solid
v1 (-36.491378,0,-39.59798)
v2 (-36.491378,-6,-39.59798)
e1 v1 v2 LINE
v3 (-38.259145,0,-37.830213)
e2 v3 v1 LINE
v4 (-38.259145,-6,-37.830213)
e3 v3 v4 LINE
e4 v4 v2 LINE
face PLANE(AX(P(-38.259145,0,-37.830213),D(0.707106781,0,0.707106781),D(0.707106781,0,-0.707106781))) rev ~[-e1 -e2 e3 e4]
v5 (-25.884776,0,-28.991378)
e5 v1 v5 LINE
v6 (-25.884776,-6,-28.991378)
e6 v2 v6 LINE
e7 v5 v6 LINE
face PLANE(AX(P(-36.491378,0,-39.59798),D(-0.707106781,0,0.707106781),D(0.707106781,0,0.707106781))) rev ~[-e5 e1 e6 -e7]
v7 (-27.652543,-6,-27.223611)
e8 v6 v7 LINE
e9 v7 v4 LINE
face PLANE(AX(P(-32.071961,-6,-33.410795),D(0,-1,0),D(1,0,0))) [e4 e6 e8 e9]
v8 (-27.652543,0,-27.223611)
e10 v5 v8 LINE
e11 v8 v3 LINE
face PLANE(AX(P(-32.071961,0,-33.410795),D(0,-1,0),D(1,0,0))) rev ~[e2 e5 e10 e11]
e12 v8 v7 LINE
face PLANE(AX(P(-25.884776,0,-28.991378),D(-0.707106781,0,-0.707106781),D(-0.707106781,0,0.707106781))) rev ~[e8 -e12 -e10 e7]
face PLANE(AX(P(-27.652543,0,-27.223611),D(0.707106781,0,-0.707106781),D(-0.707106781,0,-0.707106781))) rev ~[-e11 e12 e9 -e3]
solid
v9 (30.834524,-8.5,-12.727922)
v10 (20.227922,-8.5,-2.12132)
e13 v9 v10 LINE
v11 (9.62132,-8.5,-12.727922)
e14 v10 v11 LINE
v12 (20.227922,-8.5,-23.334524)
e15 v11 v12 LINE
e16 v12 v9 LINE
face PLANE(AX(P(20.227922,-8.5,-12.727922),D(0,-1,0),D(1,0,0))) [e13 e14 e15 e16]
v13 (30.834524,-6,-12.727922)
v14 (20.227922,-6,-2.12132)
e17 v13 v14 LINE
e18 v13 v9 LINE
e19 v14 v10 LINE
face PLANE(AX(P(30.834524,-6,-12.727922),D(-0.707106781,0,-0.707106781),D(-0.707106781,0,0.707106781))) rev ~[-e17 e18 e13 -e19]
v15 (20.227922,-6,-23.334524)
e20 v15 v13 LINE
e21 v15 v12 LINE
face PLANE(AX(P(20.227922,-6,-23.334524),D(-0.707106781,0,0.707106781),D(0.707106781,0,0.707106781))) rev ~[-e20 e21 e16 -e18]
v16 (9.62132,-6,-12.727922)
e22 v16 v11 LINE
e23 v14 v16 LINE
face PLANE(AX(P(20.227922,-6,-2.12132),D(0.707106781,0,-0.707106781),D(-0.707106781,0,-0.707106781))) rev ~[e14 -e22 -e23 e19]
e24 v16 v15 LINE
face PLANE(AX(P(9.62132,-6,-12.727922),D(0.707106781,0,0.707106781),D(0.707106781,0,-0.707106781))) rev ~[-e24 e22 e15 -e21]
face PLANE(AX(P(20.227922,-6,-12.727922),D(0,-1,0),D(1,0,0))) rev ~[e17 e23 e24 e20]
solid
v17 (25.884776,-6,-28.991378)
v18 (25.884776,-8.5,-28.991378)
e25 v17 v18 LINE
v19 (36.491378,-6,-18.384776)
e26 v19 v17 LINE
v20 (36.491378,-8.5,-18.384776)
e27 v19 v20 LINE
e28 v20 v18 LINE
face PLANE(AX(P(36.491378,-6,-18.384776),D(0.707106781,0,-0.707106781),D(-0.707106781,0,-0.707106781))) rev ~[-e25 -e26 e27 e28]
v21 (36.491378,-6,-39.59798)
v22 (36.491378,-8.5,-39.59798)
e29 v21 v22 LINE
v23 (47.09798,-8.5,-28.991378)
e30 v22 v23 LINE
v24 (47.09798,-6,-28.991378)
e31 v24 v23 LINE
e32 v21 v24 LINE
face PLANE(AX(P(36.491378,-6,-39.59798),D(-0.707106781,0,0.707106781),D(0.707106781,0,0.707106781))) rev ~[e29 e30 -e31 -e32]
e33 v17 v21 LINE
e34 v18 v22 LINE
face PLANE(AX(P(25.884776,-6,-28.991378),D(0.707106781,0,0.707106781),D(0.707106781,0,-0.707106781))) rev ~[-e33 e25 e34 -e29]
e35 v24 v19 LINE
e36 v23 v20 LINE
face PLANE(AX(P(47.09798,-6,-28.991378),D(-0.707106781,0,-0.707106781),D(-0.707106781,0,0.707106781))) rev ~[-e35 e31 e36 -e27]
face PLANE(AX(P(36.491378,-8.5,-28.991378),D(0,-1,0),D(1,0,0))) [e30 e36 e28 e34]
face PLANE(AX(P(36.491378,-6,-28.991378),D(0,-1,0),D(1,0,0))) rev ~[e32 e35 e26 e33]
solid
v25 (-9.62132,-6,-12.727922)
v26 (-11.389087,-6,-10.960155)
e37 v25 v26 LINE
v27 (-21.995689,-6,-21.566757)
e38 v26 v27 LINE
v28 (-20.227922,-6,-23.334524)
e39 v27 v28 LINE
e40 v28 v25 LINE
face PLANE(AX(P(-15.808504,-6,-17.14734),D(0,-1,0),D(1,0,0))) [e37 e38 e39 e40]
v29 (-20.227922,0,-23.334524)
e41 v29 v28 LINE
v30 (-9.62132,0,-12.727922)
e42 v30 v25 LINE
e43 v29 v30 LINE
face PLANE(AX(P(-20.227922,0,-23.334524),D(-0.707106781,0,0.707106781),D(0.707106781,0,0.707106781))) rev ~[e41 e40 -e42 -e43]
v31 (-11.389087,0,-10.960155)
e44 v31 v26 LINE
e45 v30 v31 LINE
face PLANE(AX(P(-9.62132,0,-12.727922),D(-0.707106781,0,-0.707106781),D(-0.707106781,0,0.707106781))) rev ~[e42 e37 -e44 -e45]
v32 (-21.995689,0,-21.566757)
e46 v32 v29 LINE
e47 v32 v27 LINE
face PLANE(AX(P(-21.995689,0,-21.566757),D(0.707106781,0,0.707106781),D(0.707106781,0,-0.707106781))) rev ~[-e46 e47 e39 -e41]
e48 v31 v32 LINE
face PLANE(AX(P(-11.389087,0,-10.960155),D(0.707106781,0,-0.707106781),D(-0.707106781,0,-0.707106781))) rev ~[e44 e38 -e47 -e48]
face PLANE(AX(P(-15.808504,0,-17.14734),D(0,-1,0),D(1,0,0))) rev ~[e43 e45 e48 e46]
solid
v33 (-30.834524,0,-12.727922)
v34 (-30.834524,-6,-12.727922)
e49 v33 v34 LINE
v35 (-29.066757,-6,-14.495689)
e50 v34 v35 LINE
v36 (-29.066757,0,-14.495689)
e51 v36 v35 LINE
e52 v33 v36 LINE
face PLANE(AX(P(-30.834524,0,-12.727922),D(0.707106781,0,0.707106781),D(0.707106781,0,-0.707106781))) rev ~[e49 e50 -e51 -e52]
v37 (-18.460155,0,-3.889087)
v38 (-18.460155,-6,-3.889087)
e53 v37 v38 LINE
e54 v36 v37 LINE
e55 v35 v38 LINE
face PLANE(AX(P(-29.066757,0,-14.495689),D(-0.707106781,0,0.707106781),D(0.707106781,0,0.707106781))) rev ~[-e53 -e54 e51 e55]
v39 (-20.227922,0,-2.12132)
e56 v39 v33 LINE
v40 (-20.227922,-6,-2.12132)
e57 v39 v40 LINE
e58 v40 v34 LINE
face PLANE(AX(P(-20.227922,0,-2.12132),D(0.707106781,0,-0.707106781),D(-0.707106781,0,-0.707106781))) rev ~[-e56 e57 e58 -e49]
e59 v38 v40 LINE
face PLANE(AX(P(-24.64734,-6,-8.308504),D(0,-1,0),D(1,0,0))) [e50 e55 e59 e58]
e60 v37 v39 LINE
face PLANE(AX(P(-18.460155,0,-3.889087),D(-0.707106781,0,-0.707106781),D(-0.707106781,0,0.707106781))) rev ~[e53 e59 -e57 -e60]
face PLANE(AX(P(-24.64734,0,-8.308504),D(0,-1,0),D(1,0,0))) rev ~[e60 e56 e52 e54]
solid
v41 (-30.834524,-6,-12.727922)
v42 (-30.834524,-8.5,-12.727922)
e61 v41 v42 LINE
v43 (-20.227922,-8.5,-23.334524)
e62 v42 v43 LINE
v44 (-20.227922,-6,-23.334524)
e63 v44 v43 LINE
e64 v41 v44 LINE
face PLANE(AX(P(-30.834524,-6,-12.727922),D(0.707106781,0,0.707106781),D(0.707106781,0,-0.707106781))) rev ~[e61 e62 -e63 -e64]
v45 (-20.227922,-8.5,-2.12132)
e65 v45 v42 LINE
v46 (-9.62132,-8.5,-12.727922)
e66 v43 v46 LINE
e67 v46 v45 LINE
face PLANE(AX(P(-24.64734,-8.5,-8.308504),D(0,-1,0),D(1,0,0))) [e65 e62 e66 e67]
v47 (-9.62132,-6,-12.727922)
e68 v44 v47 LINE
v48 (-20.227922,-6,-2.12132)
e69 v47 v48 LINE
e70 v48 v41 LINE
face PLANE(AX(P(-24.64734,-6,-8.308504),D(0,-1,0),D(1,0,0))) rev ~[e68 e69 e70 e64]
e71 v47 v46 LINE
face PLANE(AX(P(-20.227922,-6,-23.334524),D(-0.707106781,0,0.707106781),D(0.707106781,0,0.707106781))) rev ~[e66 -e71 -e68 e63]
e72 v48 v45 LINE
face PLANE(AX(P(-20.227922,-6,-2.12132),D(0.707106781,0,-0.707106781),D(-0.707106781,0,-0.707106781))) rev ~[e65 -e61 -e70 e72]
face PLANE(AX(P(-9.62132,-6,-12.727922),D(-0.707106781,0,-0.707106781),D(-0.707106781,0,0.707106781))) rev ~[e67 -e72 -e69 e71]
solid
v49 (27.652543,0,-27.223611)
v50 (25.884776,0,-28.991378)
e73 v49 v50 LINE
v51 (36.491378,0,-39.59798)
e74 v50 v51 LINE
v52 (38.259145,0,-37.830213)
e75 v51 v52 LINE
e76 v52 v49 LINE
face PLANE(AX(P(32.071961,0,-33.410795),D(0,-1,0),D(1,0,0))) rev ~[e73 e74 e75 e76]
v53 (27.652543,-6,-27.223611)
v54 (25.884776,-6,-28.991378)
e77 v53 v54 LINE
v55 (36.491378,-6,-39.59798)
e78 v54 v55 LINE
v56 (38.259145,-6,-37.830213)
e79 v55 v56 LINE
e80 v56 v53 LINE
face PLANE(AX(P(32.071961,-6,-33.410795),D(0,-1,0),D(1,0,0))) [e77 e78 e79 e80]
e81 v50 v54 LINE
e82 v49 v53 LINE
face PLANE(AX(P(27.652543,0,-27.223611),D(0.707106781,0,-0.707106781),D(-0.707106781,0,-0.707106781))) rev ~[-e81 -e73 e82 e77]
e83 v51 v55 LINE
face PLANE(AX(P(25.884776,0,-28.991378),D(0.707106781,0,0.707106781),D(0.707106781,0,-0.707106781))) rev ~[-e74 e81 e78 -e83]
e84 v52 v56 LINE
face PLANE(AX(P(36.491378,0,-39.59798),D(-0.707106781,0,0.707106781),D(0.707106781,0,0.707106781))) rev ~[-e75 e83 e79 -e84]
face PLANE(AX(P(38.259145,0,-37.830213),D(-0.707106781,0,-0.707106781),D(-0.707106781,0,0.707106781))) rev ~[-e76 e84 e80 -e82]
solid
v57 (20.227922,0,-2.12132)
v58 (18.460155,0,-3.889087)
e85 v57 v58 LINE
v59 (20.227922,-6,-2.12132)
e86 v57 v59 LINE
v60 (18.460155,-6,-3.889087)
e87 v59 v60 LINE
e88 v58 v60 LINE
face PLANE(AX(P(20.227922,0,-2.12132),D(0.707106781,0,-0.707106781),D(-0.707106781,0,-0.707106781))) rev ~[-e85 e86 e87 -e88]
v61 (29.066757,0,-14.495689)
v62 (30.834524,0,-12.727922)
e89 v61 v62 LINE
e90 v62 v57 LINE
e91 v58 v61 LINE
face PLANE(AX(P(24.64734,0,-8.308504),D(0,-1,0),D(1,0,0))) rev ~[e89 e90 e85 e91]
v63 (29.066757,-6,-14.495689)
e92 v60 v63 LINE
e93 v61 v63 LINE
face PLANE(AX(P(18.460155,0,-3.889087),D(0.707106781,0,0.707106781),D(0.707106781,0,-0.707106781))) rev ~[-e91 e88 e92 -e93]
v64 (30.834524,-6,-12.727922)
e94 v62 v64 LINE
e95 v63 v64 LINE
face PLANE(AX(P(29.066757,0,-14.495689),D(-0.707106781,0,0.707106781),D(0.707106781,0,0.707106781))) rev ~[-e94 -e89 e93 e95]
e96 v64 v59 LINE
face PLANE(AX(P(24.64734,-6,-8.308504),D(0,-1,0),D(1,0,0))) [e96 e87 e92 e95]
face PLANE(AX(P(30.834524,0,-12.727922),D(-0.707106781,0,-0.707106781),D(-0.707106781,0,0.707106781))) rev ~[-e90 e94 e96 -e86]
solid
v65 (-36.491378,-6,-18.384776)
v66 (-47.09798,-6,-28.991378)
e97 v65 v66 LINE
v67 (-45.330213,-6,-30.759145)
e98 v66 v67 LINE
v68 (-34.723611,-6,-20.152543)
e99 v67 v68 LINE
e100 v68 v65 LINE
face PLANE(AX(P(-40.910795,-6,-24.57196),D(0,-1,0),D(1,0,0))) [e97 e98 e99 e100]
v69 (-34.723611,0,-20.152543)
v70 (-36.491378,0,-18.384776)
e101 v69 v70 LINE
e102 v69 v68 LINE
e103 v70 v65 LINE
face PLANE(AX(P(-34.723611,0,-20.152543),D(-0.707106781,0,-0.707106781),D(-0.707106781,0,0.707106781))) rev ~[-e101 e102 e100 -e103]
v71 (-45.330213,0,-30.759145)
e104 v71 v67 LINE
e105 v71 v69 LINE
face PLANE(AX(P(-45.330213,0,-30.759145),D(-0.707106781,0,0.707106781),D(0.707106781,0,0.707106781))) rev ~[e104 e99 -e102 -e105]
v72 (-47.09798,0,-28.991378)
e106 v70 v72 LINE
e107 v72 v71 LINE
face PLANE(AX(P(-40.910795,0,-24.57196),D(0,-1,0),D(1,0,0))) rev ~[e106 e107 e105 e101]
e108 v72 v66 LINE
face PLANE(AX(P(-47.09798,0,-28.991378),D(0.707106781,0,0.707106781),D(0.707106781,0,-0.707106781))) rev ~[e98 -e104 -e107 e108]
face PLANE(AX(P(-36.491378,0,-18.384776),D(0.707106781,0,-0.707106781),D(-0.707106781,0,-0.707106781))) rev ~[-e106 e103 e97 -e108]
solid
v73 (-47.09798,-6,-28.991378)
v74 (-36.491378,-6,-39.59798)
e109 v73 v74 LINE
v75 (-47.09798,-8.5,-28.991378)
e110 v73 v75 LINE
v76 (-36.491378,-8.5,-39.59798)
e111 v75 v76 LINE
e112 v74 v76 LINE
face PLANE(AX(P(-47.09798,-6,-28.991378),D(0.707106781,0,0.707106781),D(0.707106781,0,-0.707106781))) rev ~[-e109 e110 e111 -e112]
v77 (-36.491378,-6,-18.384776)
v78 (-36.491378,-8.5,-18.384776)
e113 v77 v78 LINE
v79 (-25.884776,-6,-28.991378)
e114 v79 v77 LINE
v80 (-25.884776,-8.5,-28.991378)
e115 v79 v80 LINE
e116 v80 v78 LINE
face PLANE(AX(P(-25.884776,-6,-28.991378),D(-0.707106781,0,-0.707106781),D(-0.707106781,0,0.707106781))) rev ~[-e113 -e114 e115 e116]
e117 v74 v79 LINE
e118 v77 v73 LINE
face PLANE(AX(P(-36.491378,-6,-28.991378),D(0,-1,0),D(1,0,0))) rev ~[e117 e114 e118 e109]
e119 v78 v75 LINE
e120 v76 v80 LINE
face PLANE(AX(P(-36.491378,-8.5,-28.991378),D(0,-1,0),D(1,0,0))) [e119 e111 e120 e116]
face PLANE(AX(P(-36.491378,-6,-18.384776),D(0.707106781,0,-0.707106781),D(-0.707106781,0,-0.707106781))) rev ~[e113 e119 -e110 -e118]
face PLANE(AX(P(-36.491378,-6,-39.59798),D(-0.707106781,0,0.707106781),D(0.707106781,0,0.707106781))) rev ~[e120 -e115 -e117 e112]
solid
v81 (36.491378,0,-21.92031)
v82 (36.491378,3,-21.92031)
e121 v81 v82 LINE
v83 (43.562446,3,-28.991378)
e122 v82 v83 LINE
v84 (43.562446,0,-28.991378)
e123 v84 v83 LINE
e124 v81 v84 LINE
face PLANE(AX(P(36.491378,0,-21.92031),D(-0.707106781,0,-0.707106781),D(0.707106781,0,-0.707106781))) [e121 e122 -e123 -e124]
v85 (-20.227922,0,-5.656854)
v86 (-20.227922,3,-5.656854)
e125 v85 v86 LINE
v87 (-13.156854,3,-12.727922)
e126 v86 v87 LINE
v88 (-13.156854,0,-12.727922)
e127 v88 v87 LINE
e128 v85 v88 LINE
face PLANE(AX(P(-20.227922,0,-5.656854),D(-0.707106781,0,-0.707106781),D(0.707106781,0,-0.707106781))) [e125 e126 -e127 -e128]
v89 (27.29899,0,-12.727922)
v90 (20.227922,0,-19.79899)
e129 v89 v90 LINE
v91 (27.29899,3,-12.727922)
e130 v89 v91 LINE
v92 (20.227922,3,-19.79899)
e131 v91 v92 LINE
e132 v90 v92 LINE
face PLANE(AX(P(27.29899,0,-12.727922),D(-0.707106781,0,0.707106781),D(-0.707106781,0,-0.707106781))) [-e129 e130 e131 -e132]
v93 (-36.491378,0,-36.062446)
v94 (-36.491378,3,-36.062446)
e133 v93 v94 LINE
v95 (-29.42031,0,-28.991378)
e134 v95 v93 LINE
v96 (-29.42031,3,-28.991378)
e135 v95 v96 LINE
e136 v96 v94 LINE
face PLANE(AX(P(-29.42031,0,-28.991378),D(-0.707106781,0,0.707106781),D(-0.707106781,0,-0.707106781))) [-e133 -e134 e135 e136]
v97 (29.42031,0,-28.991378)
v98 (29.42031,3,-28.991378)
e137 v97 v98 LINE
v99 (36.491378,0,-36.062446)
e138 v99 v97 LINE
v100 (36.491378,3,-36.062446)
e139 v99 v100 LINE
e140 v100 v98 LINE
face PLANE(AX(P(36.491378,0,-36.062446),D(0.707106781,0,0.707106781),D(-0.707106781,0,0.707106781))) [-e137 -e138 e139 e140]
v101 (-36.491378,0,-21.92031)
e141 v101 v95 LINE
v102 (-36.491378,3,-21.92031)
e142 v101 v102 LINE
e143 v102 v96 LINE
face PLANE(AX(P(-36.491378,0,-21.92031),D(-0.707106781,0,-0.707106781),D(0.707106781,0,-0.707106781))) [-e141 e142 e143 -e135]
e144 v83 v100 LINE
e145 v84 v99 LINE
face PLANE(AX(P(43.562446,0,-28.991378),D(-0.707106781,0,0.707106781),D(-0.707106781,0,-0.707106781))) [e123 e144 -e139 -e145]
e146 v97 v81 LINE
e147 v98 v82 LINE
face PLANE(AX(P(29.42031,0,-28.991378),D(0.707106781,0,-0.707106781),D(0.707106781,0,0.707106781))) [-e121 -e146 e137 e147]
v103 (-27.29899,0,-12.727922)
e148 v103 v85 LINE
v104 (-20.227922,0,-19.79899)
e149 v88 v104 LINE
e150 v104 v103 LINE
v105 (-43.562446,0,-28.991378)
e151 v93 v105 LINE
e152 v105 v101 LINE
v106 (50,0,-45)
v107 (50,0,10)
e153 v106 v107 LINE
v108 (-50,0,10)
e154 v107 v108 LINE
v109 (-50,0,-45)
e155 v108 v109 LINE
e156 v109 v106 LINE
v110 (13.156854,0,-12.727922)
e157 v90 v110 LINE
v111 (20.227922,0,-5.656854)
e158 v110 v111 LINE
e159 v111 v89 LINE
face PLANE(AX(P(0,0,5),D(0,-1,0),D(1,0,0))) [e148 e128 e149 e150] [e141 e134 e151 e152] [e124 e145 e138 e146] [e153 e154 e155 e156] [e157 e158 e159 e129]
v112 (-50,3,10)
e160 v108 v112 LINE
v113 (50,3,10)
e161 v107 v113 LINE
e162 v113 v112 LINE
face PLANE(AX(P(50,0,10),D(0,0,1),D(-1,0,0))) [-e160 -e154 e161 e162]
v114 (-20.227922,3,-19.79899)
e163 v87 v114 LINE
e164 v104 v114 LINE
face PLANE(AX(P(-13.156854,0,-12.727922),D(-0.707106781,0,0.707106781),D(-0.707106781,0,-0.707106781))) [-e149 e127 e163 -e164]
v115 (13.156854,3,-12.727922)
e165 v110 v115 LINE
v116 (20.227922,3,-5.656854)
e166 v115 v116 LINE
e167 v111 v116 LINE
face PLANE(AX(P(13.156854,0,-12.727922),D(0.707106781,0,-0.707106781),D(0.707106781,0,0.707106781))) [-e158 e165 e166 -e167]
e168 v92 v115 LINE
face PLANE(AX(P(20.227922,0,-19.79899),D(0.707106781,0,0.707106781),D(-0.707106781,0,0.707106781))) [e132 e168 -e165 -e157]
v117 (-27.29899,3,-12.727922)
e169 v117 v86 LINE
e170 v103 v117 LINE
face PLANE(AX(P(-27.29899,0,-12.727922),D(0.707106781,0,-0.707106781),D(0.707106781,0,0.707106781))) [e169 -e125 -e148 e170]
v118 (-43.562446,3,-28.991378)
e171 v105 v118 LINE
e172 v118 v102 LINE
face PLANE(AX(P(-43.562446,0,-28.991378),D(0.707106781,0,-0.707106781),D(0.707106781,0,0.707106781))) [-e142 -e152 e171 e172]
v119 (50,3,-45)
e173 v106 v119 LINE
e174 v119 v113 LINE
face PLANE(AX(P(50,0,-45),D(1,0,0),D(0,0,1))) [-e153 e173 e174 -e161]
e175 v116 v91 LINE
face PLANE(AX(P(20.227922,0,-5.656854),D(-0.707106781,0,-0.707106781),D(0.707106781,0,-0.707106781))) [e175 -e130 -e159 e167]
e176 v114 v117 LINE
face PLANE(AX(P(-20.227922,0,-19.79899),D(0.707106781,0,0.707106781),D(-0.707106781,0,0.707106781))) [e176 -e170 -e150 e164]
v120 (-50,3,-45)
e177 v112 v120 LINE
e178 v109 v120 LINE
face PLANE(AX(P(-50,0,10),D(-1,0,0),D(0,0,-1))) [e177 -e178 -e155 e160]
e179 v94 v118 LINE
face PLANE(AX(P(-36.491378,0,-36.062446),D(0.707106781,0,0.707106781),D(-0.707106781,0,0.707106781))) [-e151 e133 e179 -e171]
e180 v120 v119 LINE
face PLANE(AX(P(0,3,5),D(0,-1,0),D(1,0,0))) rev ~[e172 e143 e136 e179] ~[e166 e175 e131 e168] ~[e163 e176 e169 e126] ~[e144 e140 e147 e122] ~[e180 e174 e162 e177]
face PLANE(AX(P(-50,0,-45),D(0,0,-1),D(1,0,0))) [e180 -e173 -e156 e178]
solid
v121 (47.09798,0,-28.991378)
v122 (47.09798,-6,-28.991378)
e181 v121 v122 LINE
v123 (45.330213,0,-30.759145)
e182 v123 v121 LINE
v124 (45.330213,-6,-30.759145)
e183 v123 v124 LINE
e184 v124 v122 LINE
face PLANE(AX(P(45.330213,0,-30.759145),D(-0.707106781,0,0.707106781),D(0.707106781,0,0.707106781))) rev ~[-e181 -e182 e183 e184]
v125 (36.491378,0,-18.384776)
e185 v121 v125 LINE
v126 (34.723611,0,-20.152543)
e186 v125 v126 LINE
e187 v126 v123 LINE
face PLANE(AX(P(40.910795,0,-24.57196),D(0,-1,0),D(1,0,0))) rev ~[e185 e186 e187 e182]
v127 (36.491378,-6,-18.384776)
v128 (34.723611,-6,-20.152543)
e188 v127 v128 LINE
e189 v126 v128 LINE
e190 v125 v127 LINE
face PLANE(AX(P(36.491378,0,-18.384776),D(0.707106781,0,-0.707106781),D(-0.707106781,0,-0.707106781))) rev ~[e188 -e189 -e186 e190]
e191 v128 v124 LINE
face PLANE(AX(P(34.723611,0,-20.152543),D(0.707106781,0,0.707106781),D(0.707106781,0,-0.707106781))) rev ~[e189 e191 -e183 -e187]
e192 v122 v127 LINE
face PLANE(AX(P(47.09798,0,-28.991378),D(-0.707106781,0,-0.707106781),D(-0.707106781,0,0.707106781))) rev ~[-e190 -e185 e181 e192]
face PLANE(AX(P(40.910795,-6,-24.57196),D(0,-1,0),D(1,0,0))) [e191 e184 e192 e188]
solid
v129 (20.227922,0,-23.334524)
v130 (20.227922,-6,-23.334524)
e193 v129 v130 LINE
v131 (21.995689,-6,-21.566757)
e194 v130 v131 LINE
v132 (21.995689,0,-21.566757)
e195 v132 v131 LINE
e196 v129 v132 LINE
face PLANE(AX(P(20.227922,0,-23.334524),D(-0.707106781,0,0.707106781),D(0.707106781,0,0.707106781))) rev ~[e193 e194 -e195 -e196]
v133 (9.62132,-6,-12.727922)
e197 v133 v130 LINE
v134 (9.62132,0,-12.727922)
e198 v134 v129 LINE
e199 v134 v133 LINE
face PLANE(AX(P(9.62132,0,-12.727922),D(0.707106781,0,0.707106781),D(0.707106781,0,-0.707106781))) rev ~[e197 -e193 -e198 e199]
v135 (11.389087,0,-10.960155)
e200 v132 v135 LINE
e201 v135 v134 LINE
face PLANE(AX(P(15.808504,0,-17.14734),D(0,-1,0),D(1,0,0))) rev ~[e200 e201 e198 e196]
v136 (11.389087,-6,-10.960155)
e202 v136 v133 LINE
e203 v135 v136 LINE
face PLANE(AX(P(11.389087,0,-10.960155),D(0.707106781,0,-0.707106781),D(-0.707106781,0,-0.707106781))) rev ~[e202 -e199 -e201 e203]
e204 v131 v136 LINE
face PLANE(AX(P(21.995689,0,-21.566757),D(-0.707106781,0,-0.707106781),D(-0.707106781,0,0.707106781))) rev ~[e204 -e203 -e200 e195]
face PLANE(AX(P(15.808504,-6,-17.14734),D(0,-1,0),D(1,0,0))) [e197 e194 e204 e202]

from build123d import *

# Parameters (mm, degrees)
F2_DEPTH = 6
F4_DEPTH = 2.5
F0_W     = 50
F0_H     = 45
F5_DEPTH = 3


with BuildPart() as f2:
    # F1 (on face) → F2 (new body)
    with BuildSketch(Plane.XZ):
        Polygon((-27.29899, -12.727922), (-20.227922, -5.656854), (-18.460155, -3.889087), (-20.227922, -2.12132), (-30.834524, -12.727922), (-29.066757, -14.495689), align=None)
        Polygon((-11.389087, -10.960155), (-13.156854, -12.727922), (-20.227922, -19.79899), (-21.995689, -21.566757), (-20.227922, -23.334524), (-9.62132, -12.727922), align=None)
        Polygon((-43.562446, -28.991378), (-36.491378, -21.92031), (-34.723611, -20.152543), (-36.491378, -18.384776), (-47.09798, -28.991378), (-45.330213, -30.759145), align=None)
        Polygon((-27.652543, -27.223611), (-29.42031, -28.991378), (-36.491378, -36.062446), (-38.259145, -37.830213), (-36.491378, -39.59798), (-25.884776, -28.991378), align=None)
        Polygon((36.491378, -21.92031), (43.562446, -28.991378), (45.330213, -30.759145), (47.09798, -28.991378), (36.491378, -18.384776), (34.723611, -20.152543), align=None)
        Polygon((38.259145, -37.830213), (36.491378, -36.062446), (29.42031, -28.991378), (27.652543, -27.223611), (25.884776, -28.991378), (36.491378, -39.59798), align=None)
        Polygon((20.227922, -19.79899), (13.156854, -12.727922), (11.389087, -10.960155), (9.62132, -12.727922), (20.227922, -23.334524), (21.995689, -21.566757), align=None)
        Polygon((18.460155, -3.889087), (20.227922, -5.656854), (27.29899, -12.727922), (29.066757, -14.495689), (30.834524, -12.727922), (20.227922, -2.12132), align=None)
    extrude(amount=F2_DEPTH)


with BuildPart() as f4:
    # F3 (on face) → F4 (new body)
    with BuildSketch(Plane.XZ.offset(6)):
        Polygon((-25.884776, -28.991378), (-36.491378, -18.384776), (-47.09798, -28.991378), (-36.491378, -39.59798), align=None)
        Polygon((-18.460155, -3.889087), (-20.227922, -2.12132), (-30.834524, -12.727922), (-29.066757, -14.495689), align=None)
        Polygon((-9.62132, -12.727922), (-18.460155, -3.889087), (-29.066757, -14.495689), (-20.227922, -23.334524), align=None)
        Polygon((20.227922, -2.12132), (9.62132, -12.727922), (20.227922, -23.334524), (30.834524, -12.727922), align=None)
        Polygon((47.09798, -28.991378), (36.491378, -18.384776), (25.884776, -28.991378), (36.491378, -39.59798), align=None)
    extrude(amount=F4_DEPTH)


with BuildPart() as f5:
    # F0 (on Front) → F5 (new body)
    with BuildSketch(Plane.XZ):
        Polygon((0, 0), (50, 0), (50, 10), (-50, 10), (-50, 0), align=None)
        with Locations((25, -22.5)):
            Rectangle(F0_W, F0_H)
        Polygon((36.491378, -36.062446), (29.42031, -28.991378), (36.491378, -21.92031), (43.562446, -28.991378), align=None, mode=Mode.SUBTRACT)
        Polygon((20.227922, -19.79899), (13.156854, -12.727922), (20.227922, -5.656854), (27.29899, -12.727922), align=None, mode=Mode.SUBTRACT)
        with Locations((-25, -22.5)):
            Rectangle(F0_W, F0_H)
        Polygon((-43.562446, -28.991378), (-36.491378, -21.92031), (-29.42031, -28.991378), (-36.491378, -36.062446), align=None, mode=Mode.SUBTRACT)
        Polygon((-27.29899, -12.727922), (-20.227922, -5.656854), (-13.156854, -12.727922), (-20.227922, -19.79899), align=None, mode=Mode.SUBTRACT)
    extrude(amount=-F5_DEPTH)


solid = Compound([f2.part, f4.part, f5.part])
